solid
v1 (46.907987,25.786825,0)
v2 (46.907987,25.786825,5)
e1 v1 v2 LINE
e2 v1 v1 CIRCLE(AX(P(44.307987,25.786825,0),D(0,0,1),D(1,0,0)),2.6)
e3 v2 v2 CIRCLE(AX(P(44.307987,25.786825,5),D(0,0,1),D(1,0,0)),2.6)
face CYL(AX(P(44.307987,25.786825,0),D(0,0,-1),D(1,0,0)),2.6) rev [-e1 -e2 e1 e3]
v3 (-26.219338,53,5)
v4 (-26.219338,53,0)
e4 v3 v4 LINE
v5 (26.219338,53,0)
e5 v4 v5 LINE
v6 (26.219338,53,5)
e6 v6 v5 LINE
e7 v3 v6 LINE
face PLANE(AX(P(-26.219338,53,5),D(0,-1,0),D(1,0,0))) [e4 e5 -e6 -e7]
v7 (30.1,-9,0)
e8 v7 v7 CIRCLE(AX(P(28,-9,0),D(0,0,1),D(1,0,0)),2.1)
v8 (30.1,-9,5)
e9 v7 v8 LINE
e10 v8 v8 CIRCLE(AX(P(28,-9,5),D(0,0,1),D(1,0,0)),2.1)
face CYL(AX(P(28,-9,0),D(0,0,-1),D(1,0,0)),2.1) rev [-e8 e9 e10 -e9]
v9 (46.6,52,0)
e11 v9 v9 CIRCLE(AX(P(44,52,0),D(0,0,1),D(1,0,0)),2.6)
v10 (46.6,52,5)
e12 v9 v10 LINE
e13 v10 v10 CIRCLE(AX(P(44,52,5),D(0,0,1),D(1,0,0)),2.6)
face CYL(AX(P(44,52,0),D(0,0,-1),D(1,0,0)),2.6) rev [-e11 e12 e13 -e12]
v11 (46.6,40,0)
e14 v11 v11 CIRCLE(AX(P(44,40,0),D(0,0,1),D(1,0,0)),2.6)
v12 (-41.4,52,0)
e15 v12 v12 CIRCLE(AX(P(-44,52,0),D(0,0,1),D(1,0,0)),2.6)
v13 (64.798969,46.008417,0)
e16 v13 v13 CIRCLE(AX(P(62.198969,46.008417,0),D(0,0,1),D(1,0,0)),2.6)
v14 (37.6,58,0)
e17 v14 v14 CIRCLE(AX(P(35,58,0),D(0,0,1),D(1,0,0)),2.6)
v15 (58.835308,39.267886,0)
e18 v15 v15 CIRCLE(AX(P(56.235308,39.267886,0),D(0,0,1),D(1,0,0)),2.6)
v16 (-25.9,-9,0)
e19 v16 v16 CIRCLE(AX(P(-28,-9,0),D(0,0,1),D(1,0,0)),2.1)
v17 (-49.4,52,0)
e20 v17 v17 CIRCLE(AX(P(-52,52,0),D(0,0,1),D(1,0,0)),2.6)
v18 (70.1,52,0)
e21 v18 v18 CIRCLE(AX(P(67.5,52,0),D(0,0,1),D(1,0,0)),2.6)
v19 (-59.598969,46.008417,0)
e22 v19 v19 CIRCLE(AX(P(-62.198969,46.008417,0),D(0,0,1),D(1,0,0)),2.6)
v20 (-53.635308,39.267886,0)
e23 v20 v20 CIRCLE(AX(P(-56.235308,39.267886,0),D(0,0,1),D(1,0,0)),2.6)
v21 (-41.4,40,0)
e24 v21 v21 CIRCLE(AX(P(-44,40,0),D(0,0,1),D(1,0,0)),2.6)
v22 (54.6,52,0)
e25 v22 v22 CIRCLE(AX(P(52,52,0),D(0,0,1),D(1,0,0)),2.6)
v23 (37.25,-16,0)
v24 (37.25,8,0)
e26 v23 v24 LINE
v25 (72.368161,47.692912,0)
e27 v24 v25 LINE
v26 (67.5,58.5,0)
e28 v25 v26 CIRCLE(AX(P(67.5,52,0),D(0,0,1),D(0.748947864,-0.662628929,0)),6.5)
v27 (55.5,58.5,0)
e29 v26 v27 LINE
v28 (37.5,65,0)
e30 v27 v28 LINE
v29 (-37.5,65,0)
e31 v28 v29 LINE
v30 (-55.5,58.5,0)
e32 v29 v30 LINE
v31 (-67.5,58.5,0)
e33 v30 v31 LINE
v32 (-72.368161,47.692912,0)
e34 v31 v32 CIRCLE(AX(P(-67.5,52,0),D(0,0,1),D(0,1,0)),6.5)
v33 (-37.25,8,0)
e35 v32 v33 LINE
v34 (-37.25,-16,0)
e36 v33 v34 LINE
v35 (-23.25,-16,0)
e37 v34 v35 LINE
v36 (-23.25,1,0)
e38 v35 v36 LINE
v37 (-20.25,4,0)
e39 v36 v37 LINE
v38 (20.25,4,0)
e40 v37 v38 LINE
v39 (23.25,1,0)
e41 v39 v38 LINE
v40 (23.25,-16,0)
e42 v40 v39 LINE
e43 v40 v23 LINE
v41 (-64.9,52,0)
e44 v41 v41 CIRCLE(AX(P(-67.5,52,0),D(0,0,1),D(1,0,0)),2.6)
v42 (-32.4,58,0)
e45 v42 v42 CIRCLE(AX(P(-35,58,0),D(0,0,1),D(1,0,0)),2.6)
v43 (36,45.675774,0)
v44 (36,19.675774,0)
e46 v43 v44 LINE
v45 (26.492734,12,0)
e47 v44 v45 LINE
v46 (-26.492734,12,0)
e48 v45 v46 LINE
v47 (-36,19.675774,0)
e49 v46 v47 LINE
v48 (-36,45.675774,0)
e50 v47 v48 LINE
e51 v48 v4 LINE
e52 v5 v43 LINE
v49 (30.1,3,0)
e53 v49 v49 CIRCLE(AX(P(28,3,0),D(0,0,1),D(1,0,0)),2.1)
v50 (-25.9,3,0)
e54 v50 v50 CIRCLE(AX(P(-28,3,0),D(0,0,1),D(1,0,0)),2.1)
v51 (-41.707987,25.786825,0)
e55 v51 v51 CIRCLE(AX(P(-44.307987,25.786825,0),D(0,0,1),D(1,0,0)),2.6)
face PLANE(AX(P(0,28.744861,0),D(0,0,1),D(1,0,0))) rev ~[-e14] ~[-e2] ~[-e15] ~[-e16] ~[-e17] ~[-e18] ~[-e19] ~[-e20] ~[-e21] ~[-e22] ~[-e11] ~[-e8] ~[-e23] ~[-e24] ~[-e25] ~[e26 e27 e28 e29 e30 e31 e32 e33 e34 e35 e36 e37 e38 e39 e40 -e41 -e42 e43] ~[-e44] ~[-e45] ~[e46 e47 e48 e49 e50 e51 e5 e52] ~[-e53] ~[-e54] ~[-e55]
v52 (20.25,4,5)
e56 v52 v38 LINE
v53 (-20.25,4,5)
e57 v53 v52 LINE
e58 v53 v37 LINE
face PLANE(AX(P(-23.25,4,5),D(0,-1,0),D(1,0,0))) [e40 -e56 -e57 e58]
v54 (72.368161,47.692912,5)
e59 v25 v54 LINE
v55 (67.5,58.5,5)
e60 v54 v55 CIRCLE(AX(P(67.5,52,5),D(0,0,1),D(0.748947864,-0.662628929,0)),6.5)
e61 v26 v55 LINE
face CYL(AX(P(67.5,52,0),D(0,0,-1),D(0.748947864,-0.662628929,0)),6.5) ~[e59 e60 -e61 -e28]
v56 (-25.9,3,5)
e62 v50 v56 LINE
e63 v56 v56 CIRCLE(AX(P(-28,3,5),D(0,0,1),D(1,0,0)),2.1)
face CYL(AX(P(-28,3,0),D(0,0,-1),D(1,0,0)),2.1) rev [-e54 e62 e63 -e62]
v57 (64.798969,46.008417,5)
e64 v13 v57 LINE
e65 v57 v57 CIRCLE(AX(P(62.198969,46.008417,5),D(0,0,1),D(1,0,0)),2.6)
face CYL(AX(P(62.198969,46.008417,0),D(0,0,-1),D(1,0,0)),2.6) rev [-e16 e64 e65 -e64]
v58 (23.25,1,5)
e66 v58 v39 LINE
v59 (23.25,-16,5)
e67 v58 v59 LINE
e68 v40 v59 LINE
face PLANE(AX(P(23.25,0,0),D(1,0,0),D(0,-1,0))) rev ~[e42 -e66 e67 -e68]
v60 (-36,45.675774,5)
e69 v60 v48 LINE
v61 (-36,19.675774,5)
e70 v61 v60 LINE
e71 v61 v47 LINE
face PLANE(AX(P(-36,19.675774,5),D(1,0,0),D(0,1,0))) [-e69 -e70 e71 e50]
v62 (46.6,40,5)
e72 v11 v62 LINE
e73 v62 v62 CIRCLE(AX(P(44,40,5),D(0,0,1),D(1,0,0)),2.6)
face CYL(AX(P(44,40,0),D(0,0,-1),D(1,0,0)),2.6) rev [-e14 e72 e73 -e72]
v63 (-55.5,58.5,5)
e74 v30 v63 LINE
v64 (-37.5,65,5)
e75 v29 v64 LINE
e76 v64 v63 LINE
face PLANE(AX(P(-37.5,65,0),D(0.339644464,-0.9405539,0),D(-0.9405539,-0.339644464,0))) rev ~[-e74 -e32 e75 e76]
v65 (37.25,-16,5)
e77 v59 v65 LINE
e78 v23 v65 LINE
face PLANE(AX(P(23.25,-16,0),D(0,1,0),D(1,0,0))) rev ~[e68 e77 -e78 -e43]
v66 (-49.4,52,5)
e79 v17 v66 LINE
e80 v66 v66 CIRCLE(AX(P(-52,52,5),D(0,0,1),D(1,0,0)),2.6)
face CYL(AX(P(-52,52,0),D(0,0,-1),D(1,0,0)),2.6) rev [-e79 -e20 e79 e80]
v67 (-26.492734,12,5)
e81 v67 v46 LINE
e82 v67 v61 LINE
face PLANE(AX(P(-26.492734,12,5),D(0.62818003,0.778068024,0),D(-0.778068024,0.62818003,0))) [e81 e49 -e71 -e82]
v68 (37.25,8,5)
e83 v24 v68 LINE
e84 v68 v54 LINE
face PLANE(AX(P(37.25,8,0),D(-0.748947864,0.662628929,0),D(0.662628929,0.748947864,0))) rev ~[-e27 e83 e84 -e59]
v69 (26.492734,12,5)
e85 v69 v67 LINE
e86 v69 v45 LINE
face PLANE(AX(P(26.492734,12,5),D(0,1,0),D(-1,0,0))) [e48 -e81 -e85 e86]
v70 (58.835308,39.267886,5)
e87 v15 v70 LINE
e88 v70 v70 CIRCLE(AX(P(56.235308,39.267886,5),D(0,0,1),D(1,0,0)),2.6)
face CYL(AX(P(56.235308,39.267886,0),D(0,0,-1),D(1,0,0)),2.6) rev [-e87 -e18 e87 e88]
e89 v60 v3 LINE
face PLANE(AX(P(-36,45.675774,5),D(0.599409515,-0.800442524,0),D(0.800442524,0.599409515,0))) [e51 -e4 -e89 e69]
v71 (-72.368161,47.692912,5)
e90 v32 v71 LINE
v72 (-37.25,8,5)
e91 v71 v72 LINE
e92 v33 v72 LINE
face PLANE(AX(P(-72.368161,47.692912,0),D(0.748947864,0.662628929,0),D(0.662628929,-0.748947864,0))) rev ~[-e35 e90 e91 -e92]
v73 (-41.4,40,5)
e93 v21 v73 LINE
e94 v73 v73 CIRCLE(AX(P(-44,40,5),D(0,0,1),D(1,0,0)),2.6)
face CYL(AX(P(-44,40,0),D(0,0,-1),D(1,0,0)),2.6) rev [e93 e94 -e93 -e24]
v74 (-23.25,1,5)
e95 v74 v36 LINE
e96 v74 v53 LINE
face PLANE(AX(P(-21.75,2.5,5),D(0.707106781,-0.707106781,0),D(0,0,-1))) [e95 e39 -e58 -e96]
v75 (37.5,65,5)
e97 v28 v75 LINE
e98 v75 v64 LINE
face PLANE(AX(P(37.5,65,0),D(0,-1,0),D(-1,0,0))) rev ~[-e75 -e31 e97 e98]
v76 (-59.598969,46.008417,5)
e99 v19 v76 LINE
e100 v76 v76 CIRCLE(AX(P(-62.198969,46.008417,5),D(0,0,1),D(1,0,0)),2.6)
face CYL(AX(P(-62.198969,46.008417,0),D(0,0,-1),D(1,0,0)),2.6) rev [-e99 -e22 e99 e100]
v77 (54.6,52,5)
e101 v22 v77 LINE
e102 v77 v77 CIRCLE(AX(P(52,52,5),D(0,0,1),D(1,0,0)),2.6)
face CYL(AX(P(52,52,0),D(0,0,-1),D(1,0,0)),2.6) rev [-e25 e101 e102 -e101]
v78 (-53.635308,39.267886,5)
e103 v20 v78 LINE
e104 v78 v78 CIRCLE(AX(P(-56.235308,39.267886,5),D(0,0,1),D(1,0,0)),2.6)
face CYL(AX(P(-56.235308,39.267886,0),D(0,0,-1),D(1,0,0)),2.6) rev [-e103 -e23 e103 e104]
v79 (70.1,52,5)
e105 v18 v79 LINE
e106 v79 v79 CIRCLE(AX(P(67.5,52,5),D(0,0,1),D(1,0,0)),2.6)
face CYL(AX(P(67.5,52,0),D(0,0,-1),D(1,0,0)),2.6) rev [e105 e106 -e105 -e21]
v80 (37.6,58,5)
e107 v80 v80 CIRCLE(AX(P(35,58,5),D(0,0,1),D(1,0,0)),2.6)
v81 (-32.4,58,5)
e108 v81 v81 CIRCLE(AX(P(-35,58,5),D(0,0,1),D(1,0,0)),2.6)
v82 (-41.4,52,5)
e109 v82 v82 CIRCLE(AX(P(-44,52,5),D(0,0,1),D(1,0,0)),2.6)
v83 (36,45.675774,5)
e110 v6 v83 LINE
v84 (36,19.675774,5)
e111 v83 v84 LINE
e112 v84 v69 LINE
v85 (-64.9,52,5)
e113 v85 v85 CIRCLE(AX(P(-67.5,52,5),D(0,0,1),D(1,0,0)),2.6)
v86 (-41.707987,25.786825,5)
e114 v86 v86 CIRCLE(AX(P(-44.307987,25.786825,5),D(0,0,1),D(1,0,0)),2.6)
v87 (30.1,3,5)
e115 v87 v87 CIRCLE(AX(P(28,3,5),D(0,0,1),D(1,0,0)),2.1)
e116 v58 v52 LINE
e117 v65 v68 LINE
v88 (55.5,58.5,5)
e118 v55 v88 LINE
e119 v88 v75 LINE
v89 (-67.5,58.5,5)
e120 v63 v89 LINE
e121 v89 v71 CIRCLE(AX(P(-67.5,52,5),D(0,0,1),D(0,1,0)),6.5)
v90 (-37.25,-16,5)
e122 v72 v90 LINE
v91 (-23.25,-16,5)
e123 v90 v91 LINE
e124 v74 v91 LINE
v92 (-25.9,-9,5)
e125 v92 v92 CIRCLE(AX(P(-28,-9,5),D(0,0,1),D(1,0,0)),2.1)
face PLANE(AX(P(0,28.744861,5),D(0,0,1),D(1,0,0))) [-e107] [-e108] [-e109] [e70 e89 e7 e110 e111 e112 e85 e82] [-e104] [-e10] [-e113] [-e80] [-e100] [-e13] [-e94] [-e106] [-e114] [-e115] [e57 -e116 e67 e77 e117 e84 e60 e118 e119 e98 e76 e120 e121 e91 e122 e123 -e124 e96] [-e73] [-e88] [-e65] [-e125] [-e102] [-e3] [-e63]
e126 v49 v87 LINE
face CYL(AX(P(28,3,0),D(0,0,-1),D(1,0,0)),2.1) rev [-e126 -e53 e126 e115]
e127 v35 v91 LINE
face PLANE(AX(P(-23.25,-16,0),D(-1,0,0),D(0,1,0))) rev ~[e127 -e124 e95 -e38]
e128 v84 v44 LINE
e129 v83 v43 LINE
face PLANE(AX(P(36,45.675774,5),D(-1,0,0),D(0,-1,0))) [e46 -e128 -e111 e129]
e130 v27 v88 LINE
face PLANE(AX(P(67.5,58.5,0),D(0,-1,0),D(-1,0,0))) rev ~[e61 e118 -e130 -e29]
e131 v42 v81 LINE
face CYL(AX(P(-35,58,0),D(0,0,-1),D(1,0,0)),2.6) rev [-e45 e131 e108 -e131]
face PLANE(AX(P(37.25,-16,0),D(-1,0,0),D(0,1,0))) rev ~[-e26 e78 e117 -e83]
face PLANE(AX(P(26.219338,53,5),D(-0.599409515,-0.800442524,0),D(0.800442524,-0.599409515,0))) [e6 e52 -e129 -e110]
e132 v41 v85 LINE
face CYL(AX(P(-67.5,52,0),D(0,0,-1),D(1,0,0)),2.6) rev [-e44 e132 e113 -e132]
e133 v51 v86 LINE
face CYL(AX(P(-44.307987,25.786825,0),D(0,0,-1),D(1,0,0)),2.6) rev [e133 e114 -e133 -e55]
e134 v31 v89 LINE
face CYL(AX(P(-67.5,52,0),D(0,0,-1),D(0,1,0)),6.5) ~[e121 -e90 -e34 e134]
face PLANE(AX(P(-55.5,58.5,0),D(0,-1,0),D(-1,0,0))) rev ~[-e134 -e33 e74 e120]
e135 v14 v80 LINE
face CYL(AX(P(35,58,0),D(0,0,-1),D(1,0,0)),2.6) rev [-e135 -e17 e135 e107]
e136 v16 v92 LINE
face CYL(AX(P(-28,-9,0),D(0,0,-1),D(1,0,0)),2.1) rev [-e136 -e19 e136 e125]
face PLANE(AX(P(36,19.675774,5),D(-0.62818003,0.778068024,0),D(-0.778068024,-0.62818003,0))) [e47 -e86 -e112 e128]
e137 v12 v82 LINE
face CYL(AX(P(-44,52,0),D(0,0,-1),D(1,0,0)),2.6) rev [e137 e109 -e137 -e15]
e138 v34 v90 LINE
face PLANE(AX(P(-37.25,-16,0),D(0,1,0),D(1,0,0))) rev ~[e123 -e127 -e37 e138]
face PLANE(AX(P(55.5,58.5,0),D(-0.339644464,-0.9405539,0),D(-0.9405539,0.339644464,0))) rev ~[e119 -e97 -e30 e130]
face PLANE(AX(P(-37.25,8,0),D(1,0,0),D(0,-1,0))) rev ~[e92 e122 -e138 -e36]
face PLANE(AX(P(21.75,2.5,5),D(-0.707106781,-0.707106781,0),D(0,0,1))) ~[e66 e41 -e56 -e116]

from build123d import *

# Parameters (mm, degrees)
SKETCH_2_R          = 2.1
SKETCH_2_R_2        = 2.6
EXTRUDE_1_DEPTH     = 5
CUT_EXTRUDE_1_DEPTH = 5
SKETCH_5_W          = 46.5
SKETCH_5_H          = 4
CUT_EXTRUDE_2_DEPTH = 5
CHAMFER_2_SIZE      = 3


with BuildPart() as part:
    # 草图2 → 凸台-拉伸1 (new body)
    with BuildSketch(Plane.XY):
        with BuildLine():
            Line((-23.25, 0), (23.25, 0))
            Line((23.25, 0), (23.25, -16))
            Line((23.25, -16), (37.25, -16))
            Line((37.25, -16), (37.25, 8))
            Line((37.25, 8), (72.368161114, 47.692911962))
            ThreePointArc((72.368161114, 47.692911962), (73.426469111, 54.669637405), (67.5, 58.5))
            Line((67.5, 58.5), (55.5, 58.5))
            Line((55.5, 58.5), (37.5, 65))
            Line((37.5, 65), (-37.5, 65))
            Line((-37.5, 65), (-55.5, 58.5))
            Line((-55.5, 58.5), (-67.5, 58.5))
            ThreePointArc((-67.5, 58.5), (-73.426469111, 54.669637405), (-72.368161114, 47.692911962))
            Line((-72.368161114, 47.692911962), (-37.25, 8))
            Line((-37.25, 8), (-37.25, -16))
            Line((-37.25, -16), (-23.25, -16))
            Line((-23.25, -16), (-23.25, 0))
        make_face()
        with Locations((28, -9)):
            Circle(SKETCH_2_R, mode=Mode.SUBTRACT)
        with Locations((28, 3)):
            Circle(SKETCH_2_R, mode=Mode.SUBTRACT)
        with Locations((44.307987485, 25.786824772)):
            Circle(SKETCH_2_R_2, mode=Mode.SUBTRACT)
        with Locations((56.235308207, 39.267886318)):
            Circle(SKETCH_2_R_2, mode=Mode.SUBTRACT)
        with Locations((62.198968568, 46.008417091)):
            Circle(SKETCH_2_R_2, mode=Mode.SUBTRACT)
        with Locations((67.5, 52)):
            Circle(SKETCH_2_R_2, mode=Mode.SUBTRACT)
        with Locations((44, 40)):
            Circle(SKETCH_2_R_2, mode=Mode.SUBTRACT)
        with Locations((44, 52)):
            Circle(SKETCH_2_R_2, mode=Mode.SUBTRACT)
        with Locations((52, 52)):
            Circle(SKETCH_2_R_2, mode=Mode.SUBTRACT)
        with Locations((35, 58)):
            Circle(SKETCH_2_R_2, mode=Mode.SUBTRACT)
        with Locations((-67.5, 52)):
            Circle(SKETCH_2_R_2, mode=Mode.SUBTRACT)
        with Locations((-62.198968568, 46.008417091)):
            Circle(SKETCH_2_R_2, mode=Mode.SUBTRACT)
        with Locations((-56.235308207, 39.267886318)):
            Circle(SKETCH_2_R_2, mode=Mode.SUBTRACT)
        with Locations((-44.307987485, 25.786824772)):
            Circle(SKETCH_2_R_2, mode=Mode.SUBTRACT)
        with Locations((-44, 40)):
            Circle(SKETCH_2_R_2, mode=Mode.SUBTRACT)
        with Locations((-52, 52)):
            Circle(SKETCH_2_R_2, mode=Mode.SUBTRACT)
        with Locations((-44, 52)):
            Circle(SKETCH_2_R_2, mode=Mode.SUBTRACT)
        with Locations((-35, 58)):
            Circle(SKETCH_2_R_2, mode=Mode.SUBTRACT)
        with Locations((-28, -9)):
            Circle(SKETCH_2_R, mode=Mode.SUBTRACT)
        with Locations((-28, 3)):
            Circle(SKETCH_2_R, mode=Mode.SUBTRACT)
    extrude(amount=EXTRUDE_1_DEPTH)

    # 草图3 → 切除-拉伸1 (cut)
    with BuildSketch(Plane.XY.offset(5)):
        Polygon((-26.219338455, 53), (26.219338455, 53), (36, 45.675774443), (36, 19.675774443), (26.492733991, 12), (-26.492733991, 12), (-36, 19.675774443), (-36, 45.675774443), align=None)
    extrude(amount=-CUT_EXTRUDE_1_DEPTH, mode=Mode.SUBTRACT)

    # 草图5 → 切除-拉伸2 (cut)
    with BuildSketch(Plane.XY.offset(5)):
        with Locations((0, 2)):
            Rectangle(SKETCH_5_W, SKETCH_5_H)
    extrude(amount=-CUT_EXTRUDE_2_DEPTH, mode=Mode.SUBTRACT)

    # 倒角2
    chamfer_2_edges = [part.edges().sort_by_distance(p)[0] for p in [
        (-23.25, 4, 2.5),
        (23.25, 4, 2.5),
    ]]
    chamfer(chamfer_2_edges, length=CHAMFER_2_SIZE)


solid = part.part
